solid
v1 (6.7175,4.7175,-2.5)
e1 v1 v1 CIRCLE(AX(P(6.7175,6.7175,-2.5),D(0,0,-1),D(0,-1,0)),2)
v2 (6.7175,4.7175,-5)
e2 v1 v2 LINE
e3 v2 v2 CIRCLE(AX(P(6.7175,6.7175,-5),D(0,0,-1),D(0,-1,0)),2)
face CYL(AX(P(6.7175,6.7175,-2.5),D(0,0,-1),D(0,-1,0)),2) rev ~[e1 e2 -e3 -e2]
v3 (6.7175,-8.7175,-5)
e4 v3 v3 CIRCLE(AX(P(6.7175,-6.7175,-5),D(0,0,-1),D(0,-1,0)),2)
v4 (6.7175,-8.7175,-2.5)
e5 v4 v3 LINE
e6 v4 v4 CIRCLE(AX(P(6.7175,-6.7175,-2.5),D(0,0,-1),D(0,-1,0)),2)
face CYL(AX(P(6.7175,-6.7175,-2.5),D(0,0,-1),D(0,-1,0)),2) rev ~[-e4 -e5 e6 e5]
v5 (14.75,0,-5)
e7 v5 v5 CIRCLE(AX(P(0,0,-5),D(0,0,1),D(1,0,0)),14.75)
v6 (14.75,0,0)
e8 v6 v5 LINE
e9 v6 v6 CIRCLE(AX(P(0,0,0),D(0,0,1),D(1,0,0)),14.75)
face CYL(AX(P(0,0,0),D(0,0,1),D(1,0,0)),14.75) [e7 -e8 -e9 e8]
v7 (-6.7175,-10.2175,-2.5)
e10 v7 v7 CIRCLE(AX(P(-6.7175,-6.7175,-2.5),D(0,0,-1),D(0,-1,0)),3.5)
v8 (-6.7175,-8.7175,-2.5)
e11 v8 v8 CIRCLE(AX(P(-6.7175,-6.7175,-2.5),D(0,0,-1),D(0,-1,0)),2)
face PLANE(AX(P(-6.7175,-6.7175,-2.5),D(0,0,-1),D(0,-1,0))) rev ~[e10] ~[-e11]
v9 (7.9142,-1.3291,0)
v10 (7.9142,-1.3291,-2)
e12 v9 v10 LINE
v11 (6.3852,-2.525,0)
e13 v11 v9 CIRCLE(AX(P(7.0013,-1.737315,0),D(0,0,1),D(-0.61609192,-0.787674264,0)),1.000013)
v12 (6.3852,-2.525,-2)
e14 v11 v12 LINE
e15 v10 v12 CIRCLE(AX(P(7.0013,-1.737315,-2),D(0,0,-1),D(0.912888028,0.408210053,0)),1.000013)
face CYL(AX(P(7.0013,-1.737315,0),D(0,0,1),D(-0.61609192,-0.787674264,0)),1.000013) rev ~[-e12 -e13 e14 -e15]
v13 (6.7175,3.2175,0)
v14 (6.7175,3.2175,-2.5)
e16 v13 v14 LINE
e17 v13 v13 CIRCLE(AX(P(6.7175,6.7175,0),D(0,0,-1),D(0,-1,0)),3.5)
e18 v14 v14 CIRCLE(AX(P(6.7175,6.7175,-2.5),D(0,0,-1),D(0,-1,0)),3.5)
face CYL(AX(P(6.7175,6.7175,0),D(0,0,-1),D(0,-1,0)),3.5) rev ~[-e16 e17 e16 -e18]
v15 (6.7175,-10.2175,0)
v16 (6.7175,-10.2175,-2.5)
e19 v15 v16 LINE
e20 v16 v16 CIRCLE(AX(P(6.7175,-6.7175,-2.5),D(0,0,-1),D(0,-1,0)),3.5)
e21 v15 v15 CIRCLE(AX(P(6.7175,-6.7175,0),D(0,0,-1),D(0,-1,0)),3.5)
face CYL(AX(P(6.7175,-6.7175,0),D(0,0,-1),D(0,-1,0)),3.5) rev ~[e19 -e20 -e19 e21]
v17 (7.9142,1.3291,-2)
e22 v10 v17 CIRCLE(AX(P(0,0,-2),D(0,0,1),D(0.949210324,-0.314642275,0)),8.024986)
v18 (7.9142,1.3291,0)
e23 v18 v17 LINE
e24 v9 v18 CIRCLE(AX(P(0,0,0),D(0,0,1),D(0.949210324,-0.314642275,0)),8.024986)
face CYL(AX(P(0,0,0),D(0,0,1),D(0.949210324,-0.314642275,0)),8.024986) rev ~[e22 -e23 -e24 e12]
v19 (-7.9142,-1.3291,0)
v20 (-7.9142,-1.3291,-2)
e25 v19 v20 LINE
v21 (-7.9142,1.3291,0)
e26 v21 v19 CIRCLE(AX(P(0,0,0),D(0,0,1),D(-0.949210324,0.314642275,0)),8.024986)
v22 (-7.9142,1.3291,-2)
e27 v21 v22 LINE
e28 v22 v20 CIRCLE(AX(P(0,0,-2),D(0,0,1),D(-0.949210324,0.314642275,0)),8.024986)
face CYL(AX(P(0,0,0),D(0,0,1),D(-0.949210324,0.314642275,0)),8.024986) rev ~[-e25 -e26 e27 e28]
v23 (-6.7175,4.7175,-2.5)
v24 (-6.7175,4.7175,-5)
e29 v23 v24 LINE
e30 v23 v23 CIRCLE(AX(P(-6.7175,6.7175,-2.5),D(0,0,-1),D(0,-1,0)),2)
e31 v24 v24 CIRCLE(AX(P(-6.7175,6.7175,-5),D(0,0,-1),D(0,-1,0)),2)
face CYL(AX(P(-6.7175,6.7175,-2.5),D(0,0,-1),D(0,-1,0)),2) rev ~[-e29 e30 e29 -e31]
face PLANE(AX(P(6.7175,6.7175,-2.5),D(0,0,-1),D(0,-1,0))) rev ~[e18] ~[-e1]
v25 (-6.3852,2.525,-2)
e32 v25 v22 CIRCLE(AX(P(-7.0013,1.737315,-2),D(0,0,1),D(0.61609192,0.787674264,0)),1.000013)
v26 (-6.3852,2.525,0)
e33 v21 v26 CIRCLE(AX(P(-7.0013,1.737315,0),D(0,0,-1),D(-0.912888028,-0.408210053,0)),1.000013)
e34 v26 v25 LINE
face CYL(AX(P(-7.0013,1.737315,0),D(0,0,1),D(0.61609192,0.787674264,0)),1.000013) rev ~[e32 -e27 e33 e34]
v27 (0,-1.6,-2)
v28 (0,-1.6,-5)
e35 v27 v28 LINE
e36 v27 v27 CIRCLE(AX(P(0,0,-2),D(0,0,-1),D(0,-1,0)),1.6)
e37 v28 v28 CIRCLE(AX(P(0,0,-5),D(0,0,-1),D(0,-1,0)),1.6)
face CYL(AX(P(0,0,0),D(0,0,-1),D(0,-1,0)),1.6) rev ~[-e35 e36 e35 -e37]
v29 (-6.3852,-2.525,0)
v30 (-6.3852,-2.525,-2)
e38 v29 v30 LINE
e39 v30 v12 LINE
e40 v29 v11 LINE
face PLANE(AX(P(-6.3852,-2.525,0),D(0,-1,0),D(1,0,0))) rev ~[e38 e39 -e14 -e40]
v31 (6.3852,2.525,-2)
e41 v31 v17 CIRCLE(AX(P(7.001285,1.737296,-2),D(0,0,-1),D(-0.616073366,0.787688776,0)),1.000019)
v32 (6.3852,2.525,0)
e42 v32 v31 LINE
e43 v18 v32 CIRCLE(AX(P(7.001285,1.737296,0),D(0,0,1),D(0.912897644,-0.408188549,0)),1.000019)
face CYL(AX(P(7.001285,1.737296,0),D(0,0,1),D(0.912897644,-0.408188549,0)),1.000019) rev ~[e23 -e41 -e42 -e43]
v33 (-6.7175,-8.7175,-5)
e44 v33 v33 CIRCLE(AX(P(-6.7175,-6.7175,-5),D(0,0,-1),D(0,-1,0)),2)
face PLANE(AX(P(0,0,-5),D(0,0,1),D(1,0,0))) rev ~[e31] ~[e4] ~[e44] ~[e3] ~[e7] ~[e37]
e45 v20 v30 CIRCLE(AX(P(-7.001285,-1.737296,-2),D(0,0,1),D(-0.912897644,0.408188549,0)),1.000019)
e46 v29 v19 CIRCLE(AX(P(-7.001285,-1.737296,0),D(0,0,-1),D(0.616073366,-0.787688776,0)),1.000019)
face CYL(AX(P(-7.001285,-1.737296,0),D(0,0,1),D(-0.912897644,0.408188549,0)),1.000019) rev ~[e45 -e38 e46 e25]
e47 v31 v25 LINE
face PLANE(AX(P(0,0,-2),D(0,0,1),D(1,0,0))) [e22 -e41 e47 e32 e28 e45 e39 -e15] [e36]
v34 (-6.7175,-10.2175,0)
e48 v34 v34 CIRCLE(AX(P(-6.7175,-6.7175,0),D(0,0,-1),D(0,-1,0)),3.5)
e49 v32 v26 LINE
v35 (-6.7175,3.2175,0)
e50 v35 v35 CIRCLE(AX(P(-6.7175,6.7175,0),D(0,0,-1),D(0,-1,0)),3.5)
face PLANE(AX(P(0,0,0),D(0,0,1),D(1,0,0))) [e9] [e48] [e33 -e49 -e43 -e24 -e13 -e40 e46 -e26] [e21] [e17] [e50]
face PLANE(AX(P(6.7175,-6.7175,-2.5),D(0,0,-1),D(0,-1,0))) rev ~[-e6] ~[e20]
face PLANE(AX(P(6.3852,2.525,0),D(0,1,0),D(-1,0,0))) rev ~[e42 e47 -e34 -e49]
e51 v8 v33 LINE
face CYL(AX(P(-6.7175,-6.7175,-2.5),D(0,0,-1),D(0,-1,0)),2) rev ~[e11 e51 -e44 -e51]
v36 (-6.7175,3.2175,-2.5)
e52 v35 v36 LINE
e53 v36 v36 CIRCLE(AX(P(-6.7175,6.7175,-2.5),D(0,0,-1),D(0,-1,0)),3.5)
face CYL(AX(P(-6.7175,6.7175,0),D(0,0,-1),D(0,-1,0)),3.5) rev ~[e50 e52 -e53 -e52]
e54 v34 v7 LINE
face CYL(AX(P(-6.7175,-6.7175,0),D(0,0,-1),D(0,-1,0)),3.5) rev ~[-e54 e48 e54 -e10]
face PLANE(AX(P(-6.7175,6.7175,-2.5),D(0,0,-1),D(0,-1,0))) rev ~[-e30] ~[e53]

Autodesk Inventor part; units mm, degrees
ref_plane "YZ Plane" through (0, 0, 0) normal (1, 0, 0) x (0, 1, 0)
ref_plane "XZ Plane" through (0, 0, 0) normal (0, 1, 0) x (-1, 0, 0)
ref_plane "XY Plane" through (0, 0, 0) normal (0, 0, 1) x (1, 0, 0)
sketch "Sketch1" plane through (0, 0, 0) normal (0, 0, 1) x (1, 0, 0)
  circle A0 centre (0, 0) radius 14.75
  circle A1 centre (0, 0) radius 8 construction
  line L0 (-14.75, 0) -> (14.75, 0) construction
  line L1 (-7.5993, -2.5) -> (7.5993, -2.5) construction
  line L2 (-7.5993, 2.5) -> (7.5993, 2.5) construction
  circle A2 centre (0, 0) radius 12.5 construction
  circle A3 centre (0, 0) radius 6.5 construction
  circle A4 centre (0, 0) radius 9.5 construction
  line L3 (0, 0) -> (6.7175, 6.7175) construction
  line L4 (0, -14.75) -> (0, 14.75) construction
  circle A5 centre (0, 0) radius 10.25 construction
  circle A6 centre (0, 10.25) radius 2.75 construction
  circle A7 centre (0, 10.25) radius 3.25 construction
  circle A8 centre (6.7175, 6.7175) radius 2 construction
  circle A9 centre (6.7175, 6.7175) radius 2 construction
  line L5 (-7.6174, -2.525) -> (7.6174, -2.525)
  arc A10 (7.6174, -2.525) -> (7.6174, 2.525) centre (0, 0) ccw
  line L6 (7.6174, 2.525) -> (-7.6174, 2.525)
  arc A11 (-7.6174, 2.525) -> (-7.6174, -2.525) centre (0, 0) ccw
  arc A12 (7.9142, 1.3291) -> (6.3852, 2.525) centre (7.0013, 1.7373) ccw
  arc A13 (6.3852, -2.525) -> (7.9142, -1.3291) centre (7.0013, -1.7373) ccw
  arc A14 (-6.3852, 2.525) -> (-7.9142, 1.3291) centre (-7.0013, 1.7373) ccw
  arc A15 (-7.9142, -1.3291) -> (-6.3852, -2.525) centre (-7.0013, -1.7373) ccw
  circle A16 centre (0, 10.25) radius 1.75 construction
  circle A17 centre (6.7175, 6.7175) radius 3.25 construction
  point P0 (-6.7175, 6.7175)
  point P1 (-6.7175, -6.7175)
  point P2 (6.7175, -6.7175)
  point P3 (-7.9142, 1.3291)
  point P4 (-7.9142, -1.3291)
  point P5 (-6.3852, -2.525)
  point P6 (6.3852, -2.525)
  point P7 (7.9142, -1.3291)
  point P8 (-6.3852, 2.525)
  point P9 (-10.25, 0)
  point P10 (0, -10.25)
  point P11 (10.25, 0)
  dimension "d1" = 16
  dimension "d2" = 5
  dimension "d3" = 25
  dimension "d4" = 29.5
  dimension "d7" = 45
  dimension "d11" = 360
  dimension "d36" = 5.5
  dimension "d37" = 0.5
  dimension "d39" = 4
  dimension "d40" = 0
  dimension "d41" = 0.025
  dimension "d42" = 0.025
  dimension "d43" = 1
  dimension "d47" = 3.5
  dimension "d48" = 0.5
  dimension "d49" = 1
  dimension "d52" = 360
  dimension "d56" = 1
  dimension "d57" = 6.5
extrude "Extrusion1" add sketch "Sketch1" against normal blind 5 contours A0 | A11 L6 A10 L5 | A15 A11 | L5 A15 | L5 A13 | A14 A11 | A10 A13 | A14 L6 | A10 A12 | A12 L6
hole "Hole1" at (0, 0, 0) direction (0, 0, -1) diameter 3.2 end through all
hole "Hole2" [suppressed]
hole "Hole3" at (6.7175, 6.7175, 0) at (-6.7175, 6.7175, 0) at (-6.7175, -6.7175, 0) at (6.7175, -6.7175, 0) direction (0, 0, -1) diameter 4 end through all counterbore diameter 7 counterbore depth 2.5
extrude "Extrusion2" cut sketch "Sketch1" against normal blind 2 contours A11 L6 A10 L5 | A15 A11 | L5 A15 | L5 A13 | A14 A11 | A10 A13 | A14 L6 | A10 A12 | A12 L6
equation "\"d42\" = d41"
properties part number "CrossRollerBearingInnerFlange" material "Aluminum 7075"
